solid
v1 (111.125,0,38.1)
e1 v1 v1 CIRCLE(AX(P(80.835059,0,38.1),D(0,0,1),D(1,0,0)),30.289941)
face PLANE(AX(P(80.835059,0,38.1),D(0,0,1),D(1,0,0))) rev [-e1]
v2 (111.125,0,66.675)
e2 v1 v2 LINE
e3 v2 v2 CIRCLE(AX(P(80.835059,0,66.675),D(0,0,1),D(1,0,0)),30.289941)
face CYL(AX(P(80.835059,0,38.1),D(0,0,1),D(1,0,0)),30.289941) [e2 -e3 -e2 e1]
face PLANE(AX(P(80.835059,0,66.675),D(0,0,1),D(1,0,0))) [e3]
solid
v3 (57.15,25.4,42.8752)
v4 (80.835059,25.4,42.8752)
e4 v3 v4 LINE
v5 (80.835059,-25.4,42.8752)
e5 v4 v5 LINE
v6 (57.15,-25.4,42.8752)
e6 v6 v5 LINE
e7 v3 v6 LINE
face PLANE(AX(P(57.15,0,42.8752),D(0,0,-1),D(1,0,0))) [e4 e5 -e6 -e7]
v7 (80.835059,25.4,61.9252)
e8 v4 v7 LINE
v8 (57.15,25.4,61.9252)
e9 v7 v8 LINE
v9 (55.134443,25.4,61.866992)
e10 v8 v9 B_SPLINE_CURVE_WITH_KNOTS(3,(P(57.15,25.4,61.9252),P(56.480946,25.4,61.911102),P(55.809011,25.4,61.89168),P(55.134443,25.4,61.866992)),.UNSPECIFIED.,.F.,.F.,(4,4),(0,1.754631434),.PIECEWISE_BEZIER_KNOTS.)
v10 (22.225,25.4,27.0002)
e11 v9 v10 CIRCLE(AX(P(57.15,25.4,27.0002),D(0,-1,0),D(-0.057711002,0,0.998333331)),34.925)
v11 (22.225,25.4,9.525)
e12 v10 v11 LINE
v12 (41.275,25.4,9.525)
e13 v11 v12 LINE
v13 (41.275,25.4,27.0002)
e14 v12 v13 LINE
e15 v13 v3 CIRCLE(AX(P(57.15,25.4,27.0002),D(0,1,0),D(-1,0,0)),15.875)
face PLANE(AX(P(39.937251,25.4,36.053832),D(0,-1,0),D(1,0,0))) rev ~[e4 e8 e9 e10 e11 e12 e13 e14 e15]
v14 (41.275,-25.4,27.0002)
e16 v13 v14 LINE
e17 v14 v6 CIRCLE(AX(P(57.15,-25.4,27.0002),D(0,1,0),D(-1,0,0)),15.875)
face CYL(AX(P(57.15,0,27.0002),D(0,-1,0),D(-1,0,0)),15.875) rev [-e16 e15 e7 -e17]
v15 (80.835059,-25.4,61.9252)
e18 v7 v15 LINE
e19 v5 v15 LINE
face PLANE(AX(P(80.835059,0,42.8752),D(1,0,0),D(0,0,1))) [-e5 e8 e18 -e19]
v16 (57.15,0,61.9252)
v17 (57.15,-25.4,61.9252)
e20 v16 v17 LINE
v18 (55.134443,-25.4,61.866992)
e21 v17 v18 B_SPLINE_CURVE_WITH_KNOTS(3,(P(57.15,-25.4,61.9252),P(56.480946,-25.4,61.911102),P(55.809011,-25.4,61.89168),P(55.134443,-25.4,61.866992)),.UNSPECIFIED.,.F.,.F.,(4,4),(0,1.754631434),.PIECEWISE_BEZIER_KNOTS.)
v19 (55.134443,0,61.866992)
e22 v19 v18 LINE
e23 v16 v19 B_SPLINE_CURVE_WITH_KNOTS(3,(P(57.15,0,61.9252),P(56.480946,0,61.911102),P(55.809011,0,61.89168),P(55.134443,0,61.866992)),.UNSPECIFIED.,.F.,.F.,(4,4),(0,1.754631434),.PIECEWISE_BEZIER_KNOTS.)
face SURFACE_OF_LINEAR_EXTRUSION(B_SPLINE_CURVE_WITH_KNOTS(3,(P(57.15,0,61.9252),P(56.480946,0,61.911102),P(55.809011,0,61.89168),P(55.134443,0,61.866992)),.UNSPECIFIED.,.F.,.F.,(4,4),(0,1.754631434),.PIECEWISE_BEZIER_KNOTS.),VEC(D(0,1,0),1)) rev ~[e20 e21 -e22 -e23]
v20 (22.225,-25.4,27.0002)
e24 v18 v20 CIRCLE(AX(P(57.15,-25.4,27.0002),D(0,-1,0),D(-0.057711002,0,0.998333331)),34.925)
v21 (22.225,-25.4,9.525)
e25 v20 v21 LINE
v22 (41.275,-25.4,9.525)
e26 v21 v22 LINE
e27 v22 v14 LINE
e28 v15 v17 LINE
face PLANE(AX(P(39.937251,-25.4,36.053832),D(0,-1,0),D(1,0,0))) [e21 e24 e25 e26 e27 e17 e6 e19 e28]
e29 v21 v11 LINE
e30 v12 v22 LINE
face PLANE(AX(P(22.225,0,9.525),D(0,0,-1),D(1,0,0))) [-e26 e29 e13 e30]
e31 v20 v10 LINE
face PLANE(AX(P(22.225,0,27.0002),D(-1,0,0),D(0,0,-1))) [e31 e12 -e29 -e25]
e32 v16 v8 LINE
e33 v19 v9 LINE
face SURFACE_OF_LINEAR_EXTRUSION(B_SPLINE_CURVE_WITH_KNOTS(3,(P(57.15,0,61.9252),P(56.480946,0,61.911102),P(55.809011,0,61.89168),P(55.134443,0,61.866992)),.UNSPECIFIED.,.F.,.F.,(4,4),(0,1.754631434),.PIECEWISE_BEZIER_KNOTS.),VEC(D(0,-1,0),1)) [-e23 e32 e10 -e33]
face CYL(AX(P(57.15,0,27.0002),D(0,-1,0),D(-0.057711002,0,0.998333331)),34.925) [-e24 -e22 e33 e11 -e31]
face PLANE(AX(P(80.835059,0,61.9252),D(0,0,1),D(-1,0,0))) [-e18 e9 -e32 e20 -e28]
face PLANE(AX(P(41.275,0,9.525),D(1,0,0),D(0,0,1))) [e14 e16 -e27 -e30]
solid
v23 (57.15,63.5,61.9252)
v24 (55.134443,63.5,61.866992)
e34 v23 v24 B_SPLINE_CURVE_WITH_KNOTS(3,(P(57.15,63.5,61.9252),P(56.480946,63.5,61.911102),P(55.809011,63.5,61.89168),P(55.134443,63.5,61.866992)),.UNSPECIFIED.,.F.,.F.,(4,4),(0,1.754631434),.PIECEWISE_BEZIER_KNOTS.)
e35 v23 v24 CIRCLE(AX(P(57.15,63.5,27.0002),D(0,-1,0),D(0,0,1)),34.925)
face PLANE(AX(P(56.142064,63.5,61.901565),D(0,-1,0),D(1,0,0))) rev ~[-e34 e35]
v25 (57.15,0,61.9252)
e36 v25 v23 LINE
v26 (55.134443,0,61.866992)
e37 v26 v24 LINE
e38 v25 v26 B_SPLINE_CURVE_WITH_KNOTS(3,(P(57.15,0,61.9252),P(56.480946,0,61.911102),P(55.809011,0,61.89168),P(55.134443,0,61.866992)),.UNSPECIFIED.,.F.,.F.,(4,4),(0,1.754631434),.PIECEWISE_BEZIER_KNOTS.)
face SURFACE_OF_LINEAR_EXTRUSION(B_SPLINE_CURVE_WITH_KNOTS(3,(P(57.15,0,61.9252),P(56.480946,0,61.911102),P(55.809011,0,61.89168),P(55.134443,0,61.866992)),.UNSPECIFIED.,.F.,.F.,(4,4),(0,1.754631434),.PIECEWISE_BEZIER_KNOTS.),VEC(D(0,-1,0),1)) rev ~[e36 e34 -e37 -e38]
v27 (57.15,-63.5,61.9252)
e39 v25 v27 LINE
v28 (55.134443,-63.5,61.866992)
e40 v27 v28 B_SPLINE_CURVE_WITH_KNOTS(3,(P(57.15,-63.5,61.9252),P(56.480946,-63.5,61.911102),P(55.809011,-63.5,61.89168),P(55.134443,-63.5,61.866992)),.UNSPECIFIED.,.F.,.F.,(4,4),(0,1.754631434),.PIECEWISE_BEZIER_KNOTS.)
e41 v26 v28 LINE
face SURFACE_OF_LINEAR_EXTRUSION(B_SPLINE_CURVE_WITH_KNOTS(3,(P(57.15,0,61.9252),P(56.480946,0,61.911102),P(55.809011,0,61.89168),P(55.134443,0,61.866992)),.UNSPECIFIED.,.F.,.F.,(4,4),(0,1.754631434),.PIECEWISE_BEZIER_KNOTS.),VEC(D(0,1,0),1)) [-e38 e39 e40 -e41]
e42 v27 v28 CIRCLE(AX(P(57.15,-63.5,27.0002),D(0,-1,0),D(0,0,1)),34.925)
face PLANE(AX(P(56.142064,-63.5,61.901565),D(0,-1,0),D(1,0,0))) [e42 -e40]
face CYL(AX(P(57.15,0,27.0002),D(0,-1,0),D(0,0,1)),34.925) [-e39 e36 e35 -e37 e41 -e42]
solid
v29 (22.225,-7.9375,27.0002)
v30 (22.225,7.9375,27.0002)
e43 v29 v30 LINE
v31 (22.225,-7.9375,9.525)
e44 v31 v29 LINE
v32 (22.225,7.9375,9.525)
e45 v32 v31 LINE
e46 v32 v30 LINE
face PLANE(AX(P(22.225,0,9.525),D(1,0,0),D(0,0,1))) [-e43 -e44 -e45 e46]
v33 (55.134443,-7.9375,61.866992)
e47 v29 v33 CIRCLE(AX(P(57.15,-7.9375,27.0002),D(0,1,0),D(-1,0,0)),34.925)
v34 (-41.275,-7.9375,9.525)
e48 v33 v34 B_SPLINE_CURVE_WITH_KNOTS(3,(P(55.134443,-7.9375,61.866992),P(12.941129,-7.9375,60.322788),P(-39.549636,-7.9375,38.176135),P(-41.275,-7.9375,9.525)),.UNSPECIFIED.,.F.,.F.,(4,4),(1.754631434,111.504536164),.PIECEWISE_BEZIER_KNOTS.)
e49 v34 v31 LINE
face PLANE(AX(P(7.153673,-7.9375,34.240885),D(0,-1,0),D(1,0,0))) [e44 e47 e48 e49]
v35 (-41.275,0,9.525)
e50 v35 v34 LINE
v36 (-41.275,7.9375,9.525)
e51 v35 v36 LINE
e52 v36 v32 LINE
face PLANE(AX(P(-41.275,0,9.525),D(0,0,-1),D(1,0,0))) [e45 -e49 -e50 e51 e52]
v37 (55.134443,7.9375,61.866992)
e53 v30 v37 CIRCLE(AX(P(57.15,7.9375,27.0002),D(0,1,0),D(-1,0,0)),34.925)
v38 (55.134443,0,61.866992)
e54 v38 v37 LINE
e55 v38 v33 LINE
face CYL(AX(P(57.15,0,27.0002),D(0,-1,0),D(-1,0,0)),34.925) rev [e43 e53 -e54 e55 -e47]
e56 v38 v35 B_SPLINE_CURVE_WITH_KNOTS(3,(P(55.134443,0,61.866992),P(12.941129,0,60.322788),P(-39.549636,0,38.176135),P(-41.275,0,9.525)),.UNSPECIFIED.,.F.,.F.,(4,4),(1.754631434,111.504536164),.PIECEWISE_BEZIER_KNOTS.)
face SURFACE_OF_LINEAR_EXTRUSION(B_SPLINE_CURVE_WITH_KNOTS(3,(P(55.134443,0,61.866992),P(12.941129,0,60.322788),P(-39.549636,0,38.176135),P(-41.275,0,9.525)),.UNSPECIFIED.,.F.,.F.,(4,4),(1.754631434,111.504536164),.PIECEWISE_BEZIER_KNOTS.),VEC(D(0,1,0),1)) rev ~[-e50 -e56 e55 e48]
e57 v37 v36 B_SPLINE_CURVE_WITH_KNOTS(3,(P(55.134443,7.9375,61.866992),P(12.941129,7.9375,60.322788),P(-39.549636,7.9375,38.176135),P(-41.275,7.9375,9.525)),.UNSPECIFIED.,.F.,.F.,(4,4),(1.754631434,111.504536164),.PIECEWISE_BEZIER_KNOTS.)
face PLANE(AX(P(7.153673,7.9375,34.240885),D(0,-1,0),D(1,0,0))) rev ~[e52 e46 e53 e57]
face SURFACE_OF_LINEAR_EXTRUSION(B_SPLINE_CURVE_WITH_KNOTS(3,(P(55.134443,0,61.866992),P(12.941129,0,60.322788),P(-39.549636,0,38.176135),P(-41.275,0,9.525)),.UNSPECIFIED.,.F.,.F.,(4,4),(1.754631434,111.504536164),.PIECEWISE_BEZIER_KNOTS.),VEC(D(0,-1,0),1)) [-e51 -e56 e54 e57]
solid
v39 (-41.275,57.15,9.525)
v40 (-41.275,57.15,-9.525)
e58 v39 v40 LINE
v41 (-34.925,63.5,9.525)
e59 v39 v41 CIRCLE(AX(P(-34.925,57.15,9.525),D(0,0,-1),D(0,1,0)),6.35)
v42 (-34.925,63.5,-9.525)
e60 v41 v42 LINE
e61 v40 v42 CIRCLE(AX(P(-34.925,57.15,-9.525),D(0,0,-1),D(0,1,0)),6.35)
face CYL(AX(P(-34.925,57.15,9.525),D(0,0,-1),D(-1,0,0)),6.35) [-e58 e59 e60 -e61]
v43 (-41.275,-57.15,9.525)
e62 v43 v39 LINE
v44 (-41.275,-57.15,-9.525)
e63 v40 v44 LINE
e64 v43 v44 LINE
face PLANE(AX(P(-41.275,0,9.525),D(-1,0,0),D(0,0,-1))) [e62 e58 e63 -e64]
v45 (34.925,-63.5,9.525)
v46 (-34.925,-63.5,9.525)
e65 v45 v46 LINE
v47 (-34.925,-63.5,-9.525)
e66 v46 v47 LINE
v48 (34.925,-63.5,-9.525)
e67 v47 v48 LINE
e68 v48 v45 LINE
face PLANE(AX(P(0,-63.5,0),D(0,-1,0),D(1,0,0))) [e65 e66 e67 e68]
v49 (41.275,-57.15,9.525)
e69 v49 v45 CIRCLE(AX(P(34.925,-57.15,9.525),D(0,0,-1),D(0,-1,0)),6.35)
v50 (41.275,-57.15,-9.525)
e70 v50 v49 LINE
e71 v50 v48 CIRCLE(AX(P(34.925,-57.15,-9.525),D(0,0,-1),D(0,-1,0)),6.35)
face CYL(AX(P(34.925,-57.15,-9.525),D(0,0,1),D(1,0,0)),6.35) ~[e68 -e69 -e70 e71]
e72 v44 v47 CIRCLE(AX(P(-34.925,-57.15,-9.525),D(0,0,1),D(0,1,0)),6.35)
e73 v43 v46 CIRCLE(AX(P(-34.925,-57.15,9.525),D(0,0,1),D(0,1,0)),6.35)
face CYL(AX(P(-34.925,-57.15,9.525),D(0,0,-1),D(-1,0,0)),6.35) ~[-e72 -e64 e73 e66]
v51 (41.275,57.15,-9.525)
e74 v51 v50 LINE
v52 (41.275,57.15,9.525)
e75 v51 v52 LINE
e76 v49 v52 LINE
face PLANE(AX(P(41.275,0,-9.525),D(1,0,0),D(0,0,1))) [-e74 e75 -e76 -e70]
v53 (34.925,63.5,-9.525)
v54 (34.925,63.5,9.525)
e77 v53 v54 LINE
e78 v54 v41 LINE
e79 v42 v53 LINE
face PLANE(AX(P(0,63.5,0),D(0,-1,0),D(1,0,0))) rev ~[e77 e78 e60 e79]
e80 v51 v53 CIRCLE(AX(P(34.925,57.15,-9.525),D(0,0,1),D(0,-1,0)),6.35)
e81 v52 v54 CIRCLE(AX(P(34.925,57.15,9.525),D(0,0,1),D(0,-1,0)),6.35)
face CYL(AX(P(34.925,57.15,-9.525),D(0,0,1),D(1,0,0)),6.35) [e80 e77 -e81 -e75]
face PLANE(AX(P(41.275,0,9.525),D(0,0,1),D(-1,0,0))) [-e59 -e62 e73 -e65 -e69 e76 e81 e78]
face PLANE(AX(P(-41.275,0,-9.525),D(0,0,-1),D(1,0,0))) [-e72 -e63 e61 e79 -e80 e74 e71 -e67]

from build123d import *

# Parameters (mm, degrees)
F1_DEPTH = 63.5
F0_W     = 20.5100586428
F0_H     = 19.05
F2_DEPTH = 25.4
F3_DEPTH = 7.9375
F5_R     = 6.35


with BuildPart() as f1:
    # F0 (on Front) → F1 (new body, symmetric)
    with BuildSketch(Plane.XZ):
        with BuildLine():
            ThreePointArc((57.15, 61.9252), (56.141801459, 61.9106448654), (55.1344432597, 61.8669915935))
            add(Edge.make_bspline(
                [(57.15, 61.9252), (56.480946151, 61.9111016232), (55.8090107276, 61.8916796175), (55.1344432597, 61.8669915935)],
                knots=[0, 0, 0, 0, 1.7546314336, 1.7546314336, 1.7546314336, 1.7546314336], degree=3))
        make_face()
    extrude(amount=F1_DEPTH, both=True)


with BuildPart() as f1b:
    # F0 (on Front) → F1, piece 2 (new body, symmetric)
    with BuildSketch(Plane.XZ):
        Polygon((-41.275, 9.525), (-41.275, -9.525), (41.275, -9.525), (41.275, 9.525), (22.225, 9.525), align=None)
    extrude(amount=F1_DEPTH, both=True)

    # F5
    f5_edges = [f1b.edges().sort_by_distance(p)[0] for p in [
        (-41.275, -63.5, 0),
        (41.275, -63.5, 0),
        (41.275, 63.5, 0),
        (-41.275, 63.5, 0),
    ]]
    fillet(f5_edges, radius=F5_R)


with BuildPart() as f2:
    # F0 (on Front) → F2 (new body, symmetric)
    with BuildSketch(Plane.XZ):
        with BuildLine():
            Line((22.225, 9.525), (41.275, 9.525))
            Line((41.275, 9.525), (41.275, 27.0002))
            ThreePointArc((41.275, 27.0002), (45.9246798487, 38.2255201513), (57.15, 42.8752))
            Line((57.15, 42.8752), (60.325, 42.8752))
            Line((60.325, 42.8752), (60.325, 61.9252))
            Line((60.325, 61.9252), (57.15, 61.9252))
            add(Edge.make_bspline(
                [(57.15, 61.9252), (56.480946151, 61.9111016232), (55.8090107276, 61.8916796175), (55.1344432597, 61.8669915935)],
                knots=[0, 0, 0, 0, 1.7546314336, 1.7546314336, 1.7546314336, 1.7546314336], degree=3))
            ThreePointArc((55.1344432597, 61.8669915935), (31.7516836763, 50.9727082735), (22.225, 27.0002))
            Line((22.225, 27.0002), (22.225, 9.525))
        make_face()
        with Locations((70.5800293214, 52.4002)):
            Rectangle(F0_W, F0_H)
    extrude(amount=F2_DEPTH, both=True)


with BuildPart() as f3:
    # F0 (on Front) → F3 (new body, symmetric)
    with BuildSketch(Plane.XZ):
        with BuildLine():
            add(Edge.make_bspline(
                [(55.1344432597, 61.8669915935), (12.9411290835, 60.3227879328), (-39.5496361419, 38.1761346473), (-41.275, 9.525)],
                knots=[1.7546314336, 1.7546314336, 1.7546314336, 1.7546314336, 111.5045361635, 111.5045361635, 111.5045361635, 111.5045361635], degree=3))
            Line((-41.275, 9.525), (22.225, 9.525))
            Line((22.225, 9.525), (22.225, 27.0002))
            ThreePointArc((22.225, 27.0002), (31.7516836763, 50.9727082735), (55.1344432597, 61.8669915935))
        make_face()
    extrude(amount=F3_DEPTH, both=True)


with BuildPart() as f4:
    # F0 (on Front) → F4 (revolve)
    with BuildSketch(Plane.XZ):
        Polygon((80.8350586428, 66.675), (80.8350586428, 61.9252), (80.8350586428, 42.8752), (80.8350586428, 38.1), (111.125, 38.1), (111.125, 66.675), align=None)
    revolve(axis=Axis((80.8350586428, 0, 52.3875), (0, 0, 1)))


solid = Compound([f1.part, f1b.part, f2.part, f3.part, f4.part])
